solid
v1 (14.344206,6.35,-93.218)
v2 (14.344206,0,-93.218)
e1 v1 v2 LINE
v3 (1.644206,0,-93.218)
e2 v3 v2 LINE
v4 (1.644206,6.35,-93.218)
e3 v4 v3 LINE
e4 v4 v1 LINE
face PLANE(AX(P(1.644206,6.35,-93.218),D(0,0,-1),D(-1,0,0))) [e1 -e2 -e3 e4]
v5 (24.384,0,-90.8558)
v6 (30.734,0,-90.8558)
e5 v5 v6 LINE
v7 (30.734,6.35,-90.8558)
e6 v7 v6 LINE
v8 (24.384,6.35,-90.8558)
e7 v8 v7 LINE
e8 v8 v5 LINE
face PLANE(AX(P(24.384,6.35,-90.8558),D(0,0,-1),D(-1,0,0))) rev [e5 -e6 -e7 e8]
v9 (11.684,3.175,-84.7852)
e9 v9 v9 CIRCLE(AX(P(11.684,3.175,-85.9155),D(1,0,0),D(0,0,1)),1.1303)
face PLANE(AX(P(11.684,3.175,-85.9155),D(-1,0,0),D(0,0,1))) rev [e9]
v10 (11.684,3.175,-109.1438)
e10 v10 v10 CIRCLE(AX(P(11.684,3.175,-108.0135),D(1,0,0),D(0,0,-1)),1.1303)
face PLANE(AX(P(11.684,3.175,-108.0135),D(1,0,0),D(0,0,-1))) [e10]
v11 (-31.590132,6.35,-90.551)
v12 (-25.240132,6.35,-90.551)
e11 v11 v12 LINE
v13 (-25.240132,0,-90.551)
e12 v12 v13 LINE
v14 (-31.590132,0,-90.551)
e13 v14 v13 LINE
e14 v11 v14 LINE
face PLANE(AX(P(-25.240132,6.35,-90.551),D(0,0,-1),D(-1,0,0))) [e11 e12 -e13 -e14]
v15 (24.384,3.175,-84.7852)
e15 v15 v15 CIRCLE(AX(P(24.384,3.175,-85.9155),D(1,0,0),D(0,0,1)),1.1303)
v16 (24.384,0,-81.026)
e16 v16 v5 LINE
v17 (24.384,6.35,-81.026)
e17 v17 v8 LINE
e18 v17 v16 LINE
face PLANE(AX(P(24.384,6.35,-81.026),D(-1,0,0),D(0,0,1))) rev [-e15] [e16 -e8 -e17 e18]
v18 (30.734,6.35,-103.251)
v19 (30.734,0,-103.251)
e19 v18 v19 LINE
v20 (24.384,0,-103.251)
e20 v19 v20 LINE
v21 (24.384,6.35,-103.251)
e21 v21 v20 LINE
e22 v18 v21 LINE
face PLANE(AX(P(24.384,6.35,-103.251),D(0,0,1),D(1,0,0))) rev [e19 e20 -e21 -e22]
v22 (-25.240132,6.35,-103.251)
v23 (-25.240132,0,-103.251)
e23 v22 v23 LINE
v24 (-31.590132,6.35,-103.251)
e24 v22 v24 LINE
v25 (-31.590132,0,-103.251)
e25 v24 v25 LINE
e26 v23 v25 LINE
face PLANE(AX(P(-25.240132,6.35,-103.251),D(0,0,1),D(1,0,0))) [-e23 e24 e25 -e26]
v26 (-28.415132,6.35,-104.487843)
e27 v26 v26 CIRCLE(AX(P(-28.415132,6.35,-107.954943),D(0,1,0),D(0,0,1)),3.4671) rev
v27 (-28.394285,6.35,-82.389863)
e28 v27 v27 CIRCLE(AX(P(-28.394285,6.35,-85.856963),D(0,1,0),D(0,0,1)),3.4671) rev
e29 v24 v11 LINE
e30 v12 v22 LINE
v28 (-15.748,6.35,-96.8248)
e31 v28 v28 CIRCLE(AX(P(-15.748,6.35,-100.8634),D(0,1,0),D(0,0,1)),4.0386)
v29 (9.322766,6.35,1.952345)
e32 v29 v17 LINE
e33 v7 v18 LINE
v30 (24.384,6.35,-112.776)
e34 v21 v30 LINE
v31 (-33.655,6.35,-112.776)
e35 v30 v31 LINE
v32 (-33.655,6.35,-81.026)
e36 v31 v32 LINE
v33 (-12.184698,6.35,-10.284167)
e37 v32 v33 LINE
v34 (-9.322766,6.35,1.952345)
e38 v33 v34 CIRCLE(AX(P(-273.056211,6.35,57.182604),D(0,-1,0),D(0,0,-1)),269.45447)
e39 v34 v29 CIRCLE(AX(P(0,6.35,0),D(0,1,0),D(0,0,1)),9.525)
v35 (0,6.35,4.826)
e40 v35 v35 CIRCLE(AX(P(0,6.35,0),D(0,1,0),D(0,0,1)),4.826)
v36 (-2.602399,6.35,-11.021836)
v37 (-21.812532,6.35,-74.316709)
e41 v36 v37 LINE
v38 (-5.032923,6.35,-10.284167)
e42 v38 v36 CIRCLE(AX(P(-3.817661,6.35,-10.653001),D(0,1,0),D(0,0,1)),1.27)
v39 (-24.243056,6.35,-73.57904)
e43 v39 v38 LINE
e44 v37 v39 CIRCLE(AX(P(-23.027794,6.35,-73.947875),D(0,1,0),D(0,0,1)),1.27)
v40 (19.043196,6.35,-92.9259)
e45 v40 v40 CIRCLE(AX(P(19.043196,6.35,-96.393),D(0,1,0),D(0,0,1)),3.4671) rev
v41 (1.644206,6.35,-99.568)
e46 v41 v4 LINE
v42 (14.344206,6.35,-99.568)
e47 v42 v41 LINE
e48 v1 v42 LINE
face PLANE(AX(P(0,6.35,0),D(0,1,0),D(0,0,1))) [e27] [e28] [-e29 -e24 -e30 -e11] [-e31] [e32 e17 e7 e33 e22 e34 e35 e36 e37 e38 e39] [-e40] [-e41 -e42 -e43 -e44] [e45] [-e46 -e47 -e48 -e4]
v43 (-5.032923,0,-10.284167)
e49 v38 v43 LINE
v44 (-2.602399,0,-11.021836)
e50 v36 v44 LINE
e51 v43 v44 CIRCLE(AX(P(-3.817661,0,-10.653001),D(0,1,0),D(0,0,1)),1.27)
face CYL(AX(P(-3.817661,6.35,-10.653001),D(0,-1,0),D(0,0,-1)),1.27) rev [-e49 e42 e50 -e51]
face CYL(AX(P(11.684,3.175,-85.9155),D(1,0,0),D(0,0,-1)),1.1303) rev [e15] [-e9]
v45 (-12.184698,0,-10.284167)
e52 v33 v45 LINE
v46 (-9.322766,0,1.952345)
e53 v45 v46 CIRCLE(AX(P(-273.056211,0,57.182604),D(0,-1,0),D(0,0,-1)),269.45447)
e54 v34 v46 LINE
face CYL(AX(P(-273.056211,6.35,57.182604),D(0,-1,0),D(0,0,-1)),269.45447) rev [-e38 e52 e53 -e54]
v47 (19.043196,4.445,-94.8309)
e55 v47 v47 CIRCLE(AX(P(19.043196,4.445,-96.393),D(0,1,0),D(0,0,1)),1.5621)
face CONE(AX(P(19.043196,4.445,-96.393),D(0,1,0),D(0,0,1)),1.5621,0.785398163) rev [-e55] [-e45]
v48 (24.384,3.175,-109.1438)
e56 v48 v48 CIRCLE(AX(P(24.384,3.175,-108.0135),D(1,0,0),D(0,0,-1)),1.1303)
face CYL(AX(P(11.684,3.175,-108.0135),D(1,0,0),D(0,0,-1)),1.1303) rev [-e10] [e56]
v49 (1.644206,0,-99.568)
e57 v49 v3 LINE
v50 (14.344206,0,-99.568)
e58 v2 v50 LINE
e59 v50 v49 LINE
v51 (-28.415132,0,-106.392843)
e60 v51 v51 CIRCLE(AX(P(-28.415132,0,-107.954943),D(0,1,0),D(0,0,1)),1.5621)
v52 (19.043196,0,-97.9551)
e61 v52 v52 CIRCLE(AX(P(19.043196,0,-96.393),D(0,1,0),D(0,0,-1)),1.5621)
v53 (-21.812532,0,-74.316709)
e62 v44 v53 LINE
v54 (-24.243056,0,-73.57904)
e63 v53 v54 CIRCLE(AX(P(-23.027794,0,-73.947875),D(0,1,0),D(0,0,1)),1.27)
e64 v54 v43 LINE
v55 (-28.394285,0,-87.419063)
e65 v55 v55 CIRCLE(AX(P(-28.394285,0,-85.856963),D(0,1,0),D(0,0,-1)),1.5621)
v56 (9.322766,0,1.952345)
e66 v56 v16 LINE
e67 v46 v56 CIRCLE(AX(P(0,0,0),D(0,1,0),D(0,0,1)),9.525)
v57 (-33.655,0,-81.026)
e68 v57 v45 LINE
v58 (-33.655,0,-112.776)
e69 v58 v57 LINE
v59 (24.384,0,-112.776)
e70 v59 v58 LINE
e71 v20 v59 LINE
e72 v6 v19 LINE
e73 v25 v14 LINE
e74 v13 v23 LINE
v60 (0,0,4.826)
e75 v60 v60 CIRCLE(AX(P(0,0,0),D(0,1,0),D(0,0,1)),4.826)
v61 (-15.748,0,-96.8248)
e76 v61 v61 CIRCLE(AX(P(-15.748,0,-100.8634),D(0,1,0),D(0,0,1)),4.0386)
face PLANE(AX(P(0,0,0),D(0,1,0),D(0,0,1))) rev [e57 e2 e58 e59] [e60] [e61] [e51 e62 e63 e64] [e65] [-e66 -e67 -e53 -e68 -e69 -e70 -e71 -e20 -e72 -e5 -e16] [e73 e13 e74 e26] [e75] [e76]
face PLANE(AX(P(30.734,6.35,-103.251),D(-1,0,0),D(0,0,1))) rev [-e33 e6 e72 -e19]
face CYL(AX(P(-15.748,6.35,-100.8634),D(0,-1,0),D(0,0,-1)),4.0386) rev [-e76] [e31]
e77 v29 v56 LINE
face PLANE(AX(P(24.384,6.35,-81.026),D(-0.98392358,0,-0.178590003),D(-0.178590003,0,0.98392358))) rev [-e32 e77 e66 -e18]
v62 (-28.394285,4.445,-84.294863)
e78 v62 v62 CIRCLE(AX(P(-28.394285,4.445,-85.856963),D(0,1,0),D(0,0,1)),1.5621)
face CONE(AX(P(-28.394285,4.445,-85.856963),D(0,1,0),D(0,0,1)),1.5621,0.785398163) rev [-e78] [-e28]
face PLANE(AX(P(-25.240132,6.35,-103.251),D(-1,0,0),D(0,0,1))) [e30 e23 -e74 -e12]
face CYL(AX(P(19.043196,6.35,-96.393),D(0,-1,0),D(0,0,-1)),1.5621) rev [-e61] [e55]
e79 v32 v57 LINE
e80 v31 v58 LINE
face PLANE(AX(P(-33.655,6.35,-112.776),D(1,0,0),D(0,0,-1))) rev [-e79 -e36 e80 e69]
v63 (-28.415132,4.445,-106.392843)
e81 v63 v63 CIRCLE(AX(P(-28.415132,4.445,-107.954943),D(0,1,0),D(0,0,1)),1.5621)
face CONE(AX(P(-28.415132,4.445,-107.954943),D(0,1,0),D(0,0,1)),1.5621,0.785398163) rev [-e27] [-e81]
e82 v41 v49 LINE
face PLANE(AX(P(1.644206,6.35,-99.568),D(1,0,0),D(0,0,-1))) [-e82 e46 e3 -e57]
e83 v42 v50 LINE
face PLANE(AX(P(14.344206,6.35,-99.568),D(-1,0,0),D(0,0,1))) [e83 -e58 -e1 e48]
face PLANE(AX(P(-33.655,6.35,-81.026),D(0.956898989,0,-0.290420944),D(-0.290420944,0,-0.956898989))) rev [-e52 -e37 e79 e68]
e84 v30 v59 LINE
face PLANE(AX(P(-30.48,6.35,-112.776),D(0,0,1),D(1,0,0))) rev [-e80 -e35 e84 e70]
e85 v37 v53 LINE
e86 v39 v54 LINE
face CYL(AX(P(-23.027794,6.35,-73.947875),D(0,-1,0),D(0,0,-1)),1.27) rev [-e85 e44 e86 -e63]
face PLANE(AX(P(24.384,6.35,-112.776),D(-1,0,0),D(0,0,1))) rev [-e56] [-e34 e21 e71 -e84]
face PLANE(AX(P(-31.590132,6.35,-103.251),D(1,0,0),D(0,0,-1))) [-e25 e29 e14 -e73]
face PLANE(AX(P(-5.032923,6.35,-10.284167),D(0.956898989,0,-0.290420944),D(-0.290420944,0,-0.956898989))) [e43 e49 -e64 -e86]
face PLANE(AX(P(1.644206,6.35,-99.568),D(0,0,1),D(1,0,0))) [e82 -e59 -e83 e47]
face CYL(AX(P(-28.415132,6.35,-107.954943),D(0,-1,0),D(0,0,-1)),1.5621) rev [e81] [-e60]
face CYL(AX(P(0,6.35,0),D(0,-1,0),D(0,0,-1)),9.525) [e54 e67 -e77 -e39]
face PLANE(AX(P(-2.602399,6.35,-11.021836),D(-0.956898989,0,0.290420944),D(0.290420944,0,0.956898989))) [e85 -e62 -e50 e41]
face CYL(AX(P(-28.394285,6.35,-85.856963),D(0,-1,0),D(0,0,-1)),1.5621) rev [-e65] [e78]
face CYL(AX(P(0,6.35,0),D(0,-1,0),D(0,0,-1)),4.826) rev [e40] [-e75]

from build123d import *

# Parameters (mm, degrees)
SKETCH1_R           = 4.826
SKETCH1_R_2         = 1.5621
SKETCH1_R_3         = 4.0386
SKETCH1_W           = 12.7
SKETCH1_H           = 6.35
SKETCH1_W_2         = 6.35
SKETCH1_H_2         = 12.7
BOSS_EXTRUDE1_DEPTH = 6.35
SKETCH2_R           = 1.1303
CUT_EXTRUDE1_DEPTH  = 12.7
CHAMFER1_SIZE       = 1.905


with BuildPart() as part:
    # Sketch1 → Boss-Extrude1 (new body)
    with BuildSketch(Plane(origin=(0, 0, 0), x_dir=(1, 0, 0), z_dir=(0, 1, 0))):
        with BuildLine():
            Line((24.384, 81.026), (9.322766338, -1.952345462))
            ThreePointArc((9.322766338, -1.952345462), (0, -9.525), (-9.322766338, -1.952345462))
            ThreePointArc((-9.322766338, -1.952345462), (-10.68238726, 4.182597127), (-12.184698283, 10.284166696))
            Line((-12.184698283, 10.284166696), (-33.655, 81.026))
            Line((-33.655, 81.026), (-33.655, 112.776))
            Line((-33.655, 112.776), (-30.48, 112.776))
            Line((-30.48, 112.776), (24.384, 112.776))
            Line((24.384, 112.776), (24.384, 103.251))
            Line((24.384, 103.251), (30.734, 103.251))
            Line((30.734, 103.251), (30.734, 90.8558))
            Line((30.734, 90.8558), (24.384, 90.8558))
            Line((24.384, 90.8558), (24.384, 81.026))
        make_face()
        Circle(SKETCH1_R, mode=Mode.SUBTRACT)
        with Locations((-28.415132449, 107.954943271)):
            Circle(SKETCH1_R_2, mode=Mode.SUBTRACT)
        with Locations((-28.394285298, 85.856962938)):
            Circle(SKETCH1_R_2, mode=Mode.SUBTRACT)
        with Locations((-15.748, 100.8634)):
            Circle(SKETCH1_R_3, mode=Mode.SUBTRACT)
        with Locations((19.043196245, 96.393)):
            Circle(SKETCH1_R_2, mode=Mode.SUBTRACT)
        with BuildLine():
            Line((-5.032922832, 10.284166696), (-24.24305587, 73.5790401))
            ThreePointArc((-24.24305587, 73.5790401), (-23.396628753, 75.163136415), (-21.812532438, 74.316709298))
            Line((-21.812532438, 74.316709298), (-2.6023994, 11.021835893))
            ThreePointArc((-2.6023994, 11.021835893), (-3.448826517, 9.437739578), (-5.032922832, 10.284166696))
        make_face(mode=Mode.SUBTRACT)
        with Locations((7.994206079, 96.393)):
            Rectangle(SKETCH1_W, SKETCH1_H, mode=Mode.SUBTRACT)
        with Locations((-28.415132449, 96.901)):
            Rectangle(SKETCH1_W_2, SKETCH1_H_2, mode=Mode.SUBTRACT)
    extrude(amount=BOSS_EXTRUDE1_DEPTH)

    # Sketch2 → Cut-Extrude1 (cut)
    with BuildSketch(Plane(origin=(24.384, 0, 0), x_dir=(0, 0, -1), z_dir=(1, 0, 0))):
        with Locations((108.0135, 3.175)):
            Circle(SKETCH2_R)
        with Locations((85.9155, 3.175)):
            Circle(SKETCH2_R)
    extrude(amount=-CUT_EXTRUDE1_DEPTH, mode=Mode.SUBTRACT)

    # Chamfer1
    chamfer1_edges = [part.edges().sort_by_distance(p)[0] for p in [
        (17.481096245, 6.35, -96.393),
        (-29.977232449, 6.35, -107.954943271),
        (-29.956385298, 6.35, -85.856962938),
    ]]
    chamfer(chamfer1_edges, length=CHAMFER1_SIZE)


solid = part.part
